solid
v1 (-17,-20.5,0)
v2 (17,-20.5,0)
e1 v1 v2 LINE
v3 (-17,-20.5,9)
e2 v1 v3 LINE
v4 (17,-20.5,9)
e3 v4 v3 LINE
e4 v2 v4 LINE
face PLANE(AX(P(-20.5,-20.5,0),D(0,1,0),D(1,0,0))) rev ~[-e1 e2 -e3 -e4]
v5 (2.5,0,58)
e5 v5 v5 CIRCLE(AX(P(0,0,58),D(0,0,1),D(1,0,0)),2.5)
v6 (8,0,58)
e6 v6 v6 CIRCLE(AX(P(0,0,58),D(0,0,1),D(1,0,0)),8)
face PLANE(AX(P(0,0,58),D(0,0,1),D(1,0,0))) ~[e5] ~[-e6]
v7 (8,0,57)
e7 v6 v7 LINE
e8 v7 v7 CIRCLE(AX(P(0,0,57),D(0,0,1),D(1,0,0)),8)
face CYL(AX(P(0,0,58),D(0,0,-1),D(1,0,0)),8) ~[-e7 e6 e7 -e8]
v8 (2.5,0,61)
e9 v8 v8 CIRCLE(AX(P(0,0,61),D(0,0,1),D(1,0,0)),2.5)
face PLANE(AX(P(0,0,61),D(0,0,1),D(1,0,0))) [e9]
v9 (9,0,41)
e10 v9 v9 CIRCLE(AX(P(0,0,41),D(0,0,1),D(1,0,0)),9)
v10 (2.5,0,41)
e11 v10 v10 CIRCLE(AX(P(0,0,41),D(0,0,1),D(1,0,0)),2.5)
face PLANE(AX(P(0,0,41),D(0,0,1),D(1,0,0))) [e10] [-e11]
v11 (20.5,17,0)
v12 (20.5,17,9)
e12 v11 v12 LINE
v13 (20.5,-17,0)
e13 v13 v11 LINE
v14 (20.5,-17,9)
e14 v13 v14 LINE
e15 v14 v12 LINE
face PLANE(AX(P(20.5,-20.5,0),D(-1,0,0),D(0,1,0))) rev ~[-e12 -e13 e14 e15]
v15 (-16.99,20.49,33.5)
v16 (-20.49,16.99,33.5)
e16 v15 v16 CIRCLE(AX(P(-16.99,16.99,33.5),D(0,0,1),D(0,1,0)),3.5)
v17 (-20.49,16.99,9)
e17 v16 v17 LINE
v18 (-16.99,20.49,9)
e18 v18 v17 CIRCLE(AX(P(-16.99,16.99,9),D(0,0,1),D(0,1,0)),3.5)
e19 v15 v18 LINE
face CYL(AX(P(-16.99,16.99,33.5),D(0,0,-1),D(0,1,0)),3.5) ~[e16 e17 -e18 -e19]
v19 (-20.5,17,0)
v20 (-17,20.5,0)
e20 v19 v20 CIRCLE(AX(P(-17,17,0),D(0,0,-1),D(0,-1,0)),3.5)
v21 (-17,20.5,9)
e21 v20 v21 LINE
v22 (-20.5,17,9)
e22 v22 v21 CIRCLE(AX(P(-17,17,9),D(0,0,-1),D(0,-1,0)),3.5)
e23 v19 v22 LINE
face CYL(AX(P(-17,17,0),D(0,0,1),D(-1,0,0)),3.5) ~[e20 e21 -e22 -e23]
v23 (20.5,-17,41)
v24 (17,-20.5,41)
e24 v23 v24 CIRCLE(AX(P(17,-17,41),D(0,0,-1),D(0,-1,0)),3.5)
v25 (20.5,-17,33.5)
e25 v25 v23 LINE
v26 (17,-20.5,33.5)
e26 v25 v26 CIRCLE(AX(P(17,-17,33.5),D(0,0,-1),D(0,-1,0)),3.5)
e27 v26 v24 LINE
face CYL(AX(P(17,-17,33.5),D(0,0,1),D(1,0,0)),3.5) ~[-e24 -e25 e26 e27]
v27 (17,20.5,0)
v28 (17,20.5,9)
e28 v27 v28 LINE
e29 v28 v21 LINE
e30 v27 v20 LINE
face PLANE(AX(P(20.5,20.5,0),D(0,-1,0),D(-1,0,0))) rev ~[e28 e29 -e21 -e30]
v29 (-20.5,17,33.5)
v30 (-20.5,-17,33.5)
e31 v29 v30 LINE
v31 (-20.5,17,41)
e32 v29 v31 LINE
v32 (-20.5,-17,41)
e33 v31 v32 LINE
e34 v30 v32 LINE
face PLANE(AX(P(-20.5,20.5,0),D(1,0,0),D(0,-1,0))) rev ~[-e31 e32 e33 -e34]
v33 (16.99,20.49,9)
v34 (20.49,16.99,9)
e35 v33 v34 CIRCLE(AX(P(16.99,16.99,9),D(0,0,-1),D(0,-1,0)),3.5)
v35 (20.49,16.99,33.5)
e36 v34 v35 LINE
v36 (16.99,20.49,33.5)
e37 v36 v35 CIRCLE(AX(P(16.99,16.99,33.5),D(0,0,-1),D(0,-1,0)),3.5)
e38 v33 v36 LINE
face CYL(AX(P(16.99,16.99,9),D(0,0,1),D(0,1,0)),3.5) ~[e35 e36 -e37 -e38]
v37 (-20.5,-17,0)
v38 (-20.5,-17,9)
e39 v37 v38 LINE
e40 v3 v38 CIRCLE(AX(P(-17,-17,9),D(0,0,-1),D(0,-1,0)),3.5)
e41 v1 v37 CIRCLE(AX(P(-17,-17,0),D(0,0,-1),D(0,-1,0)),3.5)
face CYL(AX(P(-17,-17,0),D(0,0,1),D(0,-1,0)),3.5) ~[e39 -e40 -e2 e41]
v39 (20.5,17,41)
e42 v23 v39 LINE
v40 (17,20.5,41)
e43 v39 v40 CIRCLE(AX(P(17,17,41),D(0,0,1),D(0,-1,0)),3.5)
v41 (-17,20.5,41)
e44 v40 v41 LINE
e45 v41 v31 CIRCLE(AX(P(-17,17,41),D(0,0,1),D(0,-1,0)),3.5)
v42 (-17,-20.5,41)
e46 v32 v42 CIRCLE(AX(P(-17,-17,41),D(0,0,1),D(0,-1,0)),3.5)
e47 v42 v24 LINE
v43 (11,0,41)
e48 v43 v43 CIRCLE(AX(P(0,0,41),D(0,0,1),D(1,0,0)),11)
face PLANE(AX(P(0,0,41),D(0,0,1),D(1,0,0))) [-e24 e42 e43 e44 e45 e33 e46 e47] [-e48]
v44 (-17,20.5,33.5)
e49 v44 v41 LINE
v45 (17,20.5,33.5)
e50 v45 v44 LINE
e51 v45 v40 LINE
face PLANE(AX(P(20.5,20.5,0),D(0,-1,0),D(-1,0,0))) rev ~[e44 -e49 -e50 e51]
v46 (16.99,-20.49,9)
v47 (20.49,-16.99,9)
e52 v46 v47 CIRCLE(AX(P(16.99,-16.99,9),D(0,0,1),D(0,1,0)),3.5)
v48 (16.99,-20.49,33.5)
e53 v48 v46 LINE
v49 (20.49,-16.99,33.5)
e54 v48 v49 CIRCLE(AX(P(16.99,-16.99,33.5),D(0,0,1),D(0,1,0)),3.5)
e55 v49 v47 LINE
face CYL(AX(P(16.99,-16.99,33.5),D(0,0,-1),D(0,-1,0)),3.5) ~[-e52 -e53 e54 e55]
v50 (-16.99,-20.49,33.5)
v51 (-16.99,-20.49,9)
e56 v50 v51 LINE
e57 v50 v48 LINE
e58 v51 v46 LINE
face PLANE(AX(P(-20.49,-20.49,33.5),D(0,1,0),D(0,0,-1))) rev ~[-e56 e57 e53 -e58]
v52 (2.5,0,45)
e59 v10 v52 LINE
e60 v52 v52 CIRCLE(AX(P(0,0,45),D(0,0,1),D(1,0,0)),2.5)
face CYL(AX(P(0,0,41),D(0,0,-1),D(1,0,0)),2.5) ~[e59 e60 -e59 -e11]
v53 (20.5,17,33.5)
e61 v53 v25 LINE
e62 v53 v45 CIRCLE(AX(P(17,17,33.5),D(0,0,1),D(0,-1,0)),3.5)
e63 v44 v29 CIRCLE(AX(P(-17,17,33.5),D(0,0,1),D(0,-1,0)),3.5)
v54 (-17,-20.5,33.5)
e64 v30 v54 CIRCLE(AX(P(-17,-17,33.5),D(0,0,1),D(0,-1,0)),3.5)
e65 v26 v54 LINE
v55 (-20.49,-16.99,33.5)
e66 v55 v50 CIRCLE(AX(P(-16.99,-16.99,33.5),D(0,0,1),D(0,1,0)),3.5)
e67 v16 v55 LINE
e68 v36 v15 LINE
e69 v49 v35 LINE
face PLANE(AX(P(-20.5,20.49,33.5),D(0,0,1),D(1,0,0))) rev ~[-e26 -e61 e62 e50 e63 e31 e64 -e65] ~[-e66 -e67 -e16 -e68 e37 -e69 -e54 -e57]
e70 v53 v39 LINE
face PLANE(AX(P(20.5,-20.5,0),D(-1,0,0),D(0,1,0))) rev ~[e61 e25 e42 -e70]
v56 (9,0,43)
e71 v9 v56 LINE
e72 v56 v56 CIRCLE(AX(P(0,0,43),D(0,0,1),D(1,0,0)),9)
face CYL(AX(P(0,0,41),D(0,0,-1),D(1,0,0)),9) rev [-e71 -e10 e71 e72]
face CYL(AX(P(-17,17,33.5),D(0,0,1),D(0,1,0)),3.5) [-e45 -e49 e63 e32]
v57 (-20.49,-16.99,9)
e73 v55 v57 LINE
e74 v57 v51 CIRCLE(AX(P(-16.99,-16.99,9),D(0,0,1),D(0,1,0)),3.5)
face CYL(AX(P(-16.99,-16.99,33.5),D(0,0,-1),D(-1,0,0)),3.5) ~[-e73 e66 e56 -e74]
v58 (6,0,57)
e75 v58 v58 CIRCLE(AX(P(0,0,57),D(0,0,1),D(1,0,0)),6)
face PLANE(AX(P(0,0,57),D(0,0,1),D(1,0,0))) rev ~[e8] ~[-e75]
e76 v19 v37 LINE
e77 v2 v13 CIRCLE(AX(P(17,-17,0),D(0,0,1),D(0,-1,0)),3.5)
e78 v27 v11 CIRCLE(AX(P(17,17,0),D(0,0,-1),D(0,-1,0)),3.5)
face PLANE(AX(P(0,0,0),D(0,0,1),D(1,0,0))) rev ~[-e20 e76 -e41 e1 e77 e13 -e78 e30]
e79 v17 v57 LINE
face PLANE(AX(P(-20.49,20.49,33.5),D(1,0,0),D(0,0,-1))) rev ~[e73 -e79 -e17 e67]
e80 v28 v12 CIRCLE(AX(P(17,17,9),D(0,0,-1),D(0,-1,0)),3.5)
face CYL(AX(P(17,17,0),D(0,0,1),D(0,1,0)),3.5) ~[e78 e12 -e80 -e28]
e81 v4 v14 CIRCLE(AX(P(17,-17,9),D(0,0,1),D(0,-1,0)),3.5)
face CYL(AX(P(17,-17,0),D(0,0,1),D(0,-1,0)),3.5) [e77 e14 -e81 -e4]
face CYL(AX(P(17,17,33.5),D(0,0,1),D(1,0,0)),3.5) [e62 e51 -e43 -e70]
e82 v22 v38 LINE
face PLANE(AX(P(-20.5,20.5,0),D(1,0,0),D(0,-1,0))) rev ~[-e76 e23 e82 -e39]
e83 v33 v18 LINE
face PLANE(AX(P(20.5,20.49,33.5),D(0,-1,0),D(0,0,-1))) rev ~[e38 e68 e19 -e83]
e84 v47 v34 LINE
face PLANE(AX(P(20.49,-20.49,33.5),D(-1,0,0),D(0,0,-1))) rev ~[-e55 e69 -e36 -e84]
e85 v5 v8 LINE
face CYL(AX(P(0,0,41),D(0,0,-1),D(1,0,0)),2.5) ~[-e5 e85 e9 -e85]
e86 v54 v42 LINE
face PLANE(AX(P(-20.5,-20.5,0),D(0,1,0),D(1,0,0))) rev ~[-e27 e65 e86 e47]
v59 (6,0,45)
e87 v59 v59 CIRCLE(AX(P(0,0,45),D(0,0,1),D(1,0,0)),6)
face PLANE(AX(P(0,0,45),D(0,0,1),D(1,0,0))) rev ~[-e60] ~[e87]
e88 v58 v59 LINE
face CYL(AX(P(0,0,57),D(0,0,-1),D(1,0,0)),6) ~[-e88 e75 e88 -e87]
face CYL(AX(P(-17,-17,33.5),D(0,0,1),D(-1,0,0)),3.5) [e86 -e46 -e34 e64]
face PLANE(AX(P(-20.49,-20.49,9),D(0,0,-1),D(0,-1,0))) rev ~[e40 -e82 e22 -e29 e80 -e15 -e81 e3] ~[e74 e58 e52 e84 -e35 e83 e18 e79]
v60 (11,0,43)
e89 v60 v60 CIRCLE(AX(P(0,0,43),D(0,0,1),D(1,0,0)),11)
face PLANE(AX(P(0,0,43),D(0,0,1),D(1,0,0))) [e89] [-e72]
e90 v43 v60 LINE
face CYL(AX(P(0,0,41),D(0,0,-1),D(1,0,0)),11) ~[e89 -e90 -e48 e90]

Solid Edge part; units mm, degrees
sketch "Sketch1" plane through (0, 0, 0) normal (0, 0, 1) x (1, 0, 0)
  line L0 (-20.5, -20.5) -> (20.5, -20.5)
  line L1 (20.5, -20.5) -> (20.5, 20.5)
  line L2 (20.5, 20.5) -> (-20.5, 20.5)
  line L3 (-20.5, 20.5) -> (-20.5, -20.5)
extrude "ProtrusiónExtruida_1" add sketch "Sketch1" along normal blind 41
sketch "Sketch2" plane through (0, 0, 41) normal (0, 0, 1) x (1, 0, 0)
  circle A0 centre (0, 0) radius 9
  circle A1 centre (0, 0) radius 11
  dimension "D1" = 2
  dimension "D2" = 22
  dimension "D3" = 5
extrude "ProtrusiónExtruida_2" add sketch "Sketch2" along normal blind 2
sketch "Sketch3" plane through (0, 0, 41) normal (0, 0, 1) x (1, 0, 0)
  circle A0 centre (0, 0) radius 2.5
extrude "ProtrusiónExtruida_3" add sketch "Sketch3" along normal blind 20
sketch "Sketch4" plane through (0, 0, 0) normal (0, -1, 0) x (1, 0, 0)
  line L0 (2.5, 58) -> (8, 58)
  line L1 (8, 58) -> (8, 57)
  line L2 (8, 57) -> (6, 57)
  line L3 (6, 57) -> (6, 45)
  line L4 (6, 45) -> (2.5, 45)
  line L5 (2.5, 45) -> (2.5, 58)
revolve "RevolvedProtrusion1" add sketch "Sketch4" angle 360 about axis through (0, 0, -54) along (0, 0, 1)
sketch "Sketch5" plane through (20.5, 0, 20.5) normal (1, 0, 0) x (0, 1, 0)
  line L0 (20.5, -11.5) -> (20.5, 13)
  line L1 (20.5, 13) -> (20.49, 13)
  line L2 (20.49, 13) -> (20.49, -11.5)
  line L3 (20.49, -11.5) -> (20.5, -11.5)
extrude "Cutout1" cut sketch "Sketch5" against normal up to next
sketch "Sketch6" plane through (0, 20.49, 21.25) normal (0, 1, 0) x (-1, 0, 0)
  line L0 (20.5, 12.25) -> (20.5, -12.25)
  line L1 (20.49, -12.25) -> (20.5, -12.25)
  line L2 (20.49, 12.25) -> (20.49, -12.25)
  line L3 (20.5, 12.25) -> (20.49, 12.25)
extrude "Cutout2" cut sketch "Sketch6" against normal up to next
sketch "Sketch7" plane through (-20.49, -0.005, 21.25) normal (-1, 0, 0) x (0, -1, 0)
  line L0 (20.485, 12.25) -> (20.485, -12.25)
  line L1 (20.485, -12.25) -> (20.495, -12.25)
  line L2 (20.495, -12.25) -> (20.495, 12.25)
  line L3 (20.495, 12.25) -> (20.485, 12.25)
extrude "Cutout3" cut sketch "Sketch7" against normal up to next
sketch "Sketch8" plane through (0.005, -20.49, 21.25) normal (0, -1, 0) x (1, 0, 0)
  line L0 (20.485, 12.25) -> (20.485, -12.25)
  line L1 (20.485, -12.25) -> (20.495, -12.25)
  line L2 (20.495, 12.25) -> (20.495, -12.25)
  line L3 (20.495, 12.25) -> (20.485, 12.25)
extrude "Cutout4" cut sketch "Sketch8" against normal up to next
fillet "Redondeo_1" [suppressed]
fillet "Redondeo_2" radius 3.5 4 edges at (20.49, -20.49, 21.25) (-20.49, -20.49, 21.25) (20.49, 20.49, 21.25) (-20.49, 20.49, 21.25)
fillet "Redondeo_3" radius 3.5 8 edges at (-20.5, 20.5, 37.25) (-20.5, -20.5, 37.25) (-20.5, 20.5, 4.5) (-20.5, -20.5, 4.5) (20.5, -20.5, 4.5) (20.5, -20.5, 37.25) (20.5, 20.5, 37.25) (20.5, 20.5, 4.5)
